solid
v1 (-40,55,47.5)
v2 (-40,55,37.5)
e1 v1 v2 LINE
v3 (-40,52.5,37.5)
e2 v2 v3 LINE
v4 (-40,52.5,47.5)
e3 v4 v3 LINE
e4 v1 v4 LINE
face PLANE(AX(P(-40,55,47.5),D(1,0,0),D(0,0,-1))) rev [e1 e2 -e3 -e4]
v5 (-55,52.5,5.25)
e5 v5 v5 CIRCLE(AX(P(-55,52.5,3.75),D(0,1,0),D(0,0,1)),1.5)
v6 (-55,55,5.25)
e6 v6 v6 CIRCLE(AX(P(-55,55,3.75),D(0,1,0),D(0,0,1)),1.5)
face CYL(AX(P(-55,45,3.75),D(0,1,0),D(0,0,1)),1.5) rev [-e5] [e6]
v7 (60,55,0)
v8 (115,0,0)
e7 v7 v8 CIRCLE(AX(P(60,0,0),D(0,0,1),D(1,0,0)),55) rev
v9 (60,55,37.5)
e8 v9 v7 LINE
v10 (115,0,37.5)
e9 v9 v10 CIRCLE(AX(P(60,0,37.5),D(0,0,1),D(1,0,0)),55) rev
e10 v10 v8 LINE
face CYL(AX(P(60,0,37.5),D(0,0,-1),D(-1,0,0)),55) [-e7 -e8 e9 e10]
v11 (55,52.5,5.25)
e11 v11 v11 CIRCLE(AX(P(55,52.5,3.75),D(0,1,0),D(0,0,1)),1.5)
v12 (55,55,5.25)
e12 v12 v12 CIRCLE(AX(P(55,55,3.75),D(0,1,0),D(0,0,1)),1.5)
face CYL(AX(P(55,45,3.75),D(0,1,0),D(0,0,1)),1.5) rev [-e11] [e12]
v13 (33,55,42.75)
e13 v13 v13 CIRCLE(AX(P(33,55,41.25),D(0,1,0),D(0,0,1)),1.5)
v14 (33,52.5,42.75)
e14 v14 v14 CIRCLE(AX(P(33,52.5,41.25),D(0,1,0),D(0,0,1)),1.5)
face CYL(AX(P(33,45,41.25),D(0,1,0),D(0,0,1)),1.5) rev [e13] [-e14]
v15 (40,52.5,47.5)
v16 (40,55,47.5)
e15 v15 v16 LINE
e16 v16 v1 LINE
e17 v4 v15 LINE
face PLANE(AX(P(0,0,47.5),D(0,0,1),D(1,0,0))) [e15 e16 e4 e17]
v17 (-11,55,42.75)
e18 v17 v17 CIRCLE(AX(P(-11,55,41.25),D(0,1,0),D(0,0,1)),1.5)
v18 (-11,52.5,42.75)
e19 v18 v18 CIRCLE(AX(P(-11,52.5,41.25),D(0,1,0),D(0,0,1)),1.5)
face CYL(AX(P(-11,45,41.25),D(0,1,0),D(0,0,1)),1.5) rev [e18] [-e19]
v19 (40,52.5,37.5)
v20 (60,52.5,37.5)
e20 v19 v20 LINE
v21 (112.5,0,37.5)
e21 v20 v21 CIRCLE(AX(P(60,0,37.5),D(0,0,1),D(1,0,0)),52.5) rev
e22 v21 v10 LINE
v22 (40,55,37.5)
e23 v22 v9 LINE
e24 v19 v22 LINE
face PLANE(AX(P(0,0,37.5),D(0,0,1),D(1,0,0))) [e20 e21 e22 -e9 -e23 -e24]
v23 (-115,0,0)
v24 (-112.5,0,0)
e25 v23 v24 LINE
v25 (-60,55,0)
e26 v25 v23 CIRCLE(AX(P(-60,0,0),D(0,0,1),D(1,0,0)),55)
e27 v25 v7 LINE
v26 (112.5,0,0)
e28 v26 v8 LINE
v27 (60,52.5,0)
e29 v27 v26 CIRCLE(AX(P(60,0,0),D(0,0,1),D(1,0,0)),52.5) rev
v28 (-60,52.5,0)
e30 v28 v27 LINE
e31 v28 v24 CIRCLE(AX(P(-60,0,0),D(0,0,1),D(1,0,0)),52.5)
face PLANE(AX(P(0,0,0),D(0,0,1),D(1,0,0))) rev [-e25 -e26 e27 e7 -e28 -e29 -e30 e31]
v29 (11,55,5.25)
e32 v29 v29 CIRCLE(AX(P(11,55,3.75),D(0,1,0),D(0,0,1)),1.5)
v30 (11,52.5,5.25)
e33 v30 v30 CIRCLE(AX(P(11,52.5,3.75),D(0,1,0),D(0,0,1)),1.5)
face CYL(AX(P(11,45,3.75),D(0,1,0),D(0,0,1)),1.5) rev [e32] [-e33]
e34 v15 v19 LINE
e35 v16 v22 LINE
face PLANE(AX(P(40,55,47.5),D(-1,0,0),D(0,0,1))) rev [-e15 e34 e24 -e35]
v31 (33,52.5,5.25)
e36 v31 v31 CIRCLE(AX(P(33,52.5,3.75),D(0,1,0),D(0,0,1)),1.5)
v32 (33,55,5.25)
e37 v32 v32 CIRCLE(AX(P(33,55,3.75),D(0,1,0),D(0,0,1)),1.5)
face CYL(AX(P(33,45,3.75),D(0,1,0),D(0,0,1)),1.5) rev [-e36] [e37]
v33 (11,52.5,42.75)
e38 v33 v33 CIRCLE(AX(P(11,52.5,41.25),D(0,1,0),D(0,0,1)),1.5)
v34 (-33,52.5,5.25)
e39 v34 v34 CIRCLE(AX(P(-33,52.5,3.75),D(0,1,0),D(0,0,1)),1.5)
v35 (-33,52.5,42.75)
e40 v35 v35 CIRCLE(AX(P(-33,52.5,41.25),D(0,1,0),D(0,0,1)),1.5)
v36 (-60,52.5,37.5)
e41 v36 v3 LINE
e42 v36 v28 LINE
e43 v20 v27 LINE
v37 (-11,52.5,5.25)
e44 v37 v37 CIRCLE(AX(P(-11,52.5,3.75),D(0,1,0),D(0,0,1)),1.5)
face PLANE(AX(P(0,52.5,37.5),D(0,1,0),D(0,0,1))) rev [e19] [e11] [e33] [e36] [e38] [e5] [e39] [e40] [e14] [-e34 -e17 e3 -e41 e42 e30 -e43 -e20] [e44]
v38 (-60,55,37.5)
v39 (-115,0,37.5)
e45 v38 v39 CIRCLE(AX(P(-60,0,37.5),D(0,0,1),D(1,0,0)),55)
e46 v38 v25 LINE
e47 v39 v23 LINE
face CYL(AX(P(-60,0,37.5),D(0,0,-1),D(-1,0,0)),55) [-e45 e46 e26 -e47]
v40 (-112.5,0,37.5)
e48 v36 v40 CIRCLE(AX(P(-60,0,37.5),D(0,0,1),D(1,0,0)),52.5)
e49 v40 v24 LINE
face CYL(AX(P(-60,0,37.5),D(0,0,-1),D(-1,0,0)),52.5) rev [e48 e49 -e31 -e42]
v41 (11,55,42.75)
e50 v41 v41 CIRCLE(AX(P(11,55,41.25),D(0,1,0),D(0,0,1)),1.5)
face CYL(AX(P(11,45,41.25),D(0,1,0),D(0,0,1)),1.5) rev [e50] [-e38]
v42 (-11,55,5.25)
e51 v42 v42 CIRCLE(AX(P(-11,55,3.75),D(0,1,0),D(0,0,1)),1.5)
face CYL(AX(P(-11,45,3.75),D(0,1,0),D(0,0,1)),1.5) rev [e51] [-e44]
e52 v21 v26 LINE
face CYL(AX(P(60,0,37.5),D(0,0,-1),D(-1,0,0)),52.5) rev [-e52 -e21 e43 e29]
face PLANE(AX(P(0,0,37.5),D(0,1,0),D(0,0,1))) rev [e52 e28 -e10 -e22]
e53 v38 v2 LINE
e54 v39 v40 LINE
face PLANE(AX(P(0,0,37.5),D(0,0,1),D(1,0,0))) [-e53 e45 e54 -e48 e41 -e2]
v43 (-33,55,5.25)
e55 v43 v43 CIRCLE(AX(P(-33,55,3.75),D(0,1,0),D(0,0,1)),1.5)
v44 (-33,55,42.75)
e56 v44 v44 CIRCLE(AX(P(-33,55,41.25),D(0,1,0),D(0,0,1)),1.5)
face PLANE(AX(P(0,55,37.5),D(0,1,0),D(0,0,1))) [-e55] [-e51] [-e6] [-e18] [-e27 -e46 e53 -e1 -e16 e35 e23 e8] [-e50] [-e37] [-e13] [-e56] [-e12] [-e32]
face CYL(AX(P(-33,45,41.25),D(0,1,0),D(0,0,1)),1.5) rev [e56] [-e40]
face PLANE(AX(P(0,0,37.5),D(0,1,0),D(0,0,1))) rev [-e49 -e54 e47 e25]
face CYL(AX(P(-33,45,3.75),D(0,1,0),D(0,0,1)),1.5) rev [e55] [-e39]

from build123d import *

# Parameters (mm, degrees)
BOSS_EXTRUDE2_DEPTH = 37.5
SKETCH2_W           = 80
SKETCH2_H           = 2.5
BOSS_EXTRUDE3_DEPTH = 10
SKETCH3_R           = 1.5
CUT_EXTRUDE1_DEPTH  = 10
SKETCH4_R           = 1.5
CUT_EXTRUDE2_DEPTH  = 10


with BuildPart() as part:
    # Sketch1 → Boss-Extrude2 (new body)
    with BuildSketch(Plane.XY):
        with BuildLine():
            ThreePointArc((-112.5, 0), (-97.123106012, 37.123106012), (-60, 52.5))
            Line((-60, 52.5), (60, 52.5))
            ThreePointArc((60, 52.5), (97.123106012, 37.123106012), (112.5, 0))
            Line((112.5, 0), (115, 0))
            ThreePointArc((115, 0), (98.890872965, 38.890872965), (60, 55))
            Line((60, 55), (-60, 55))
            ThreePointArc((-60, 55), (-98.890872965, 38.890872965), (-115, 0))
            Line((-115, 0), (-112.5, 0))
        make_face()
    extrude(amount=BOSS_EXTRUDE2_DEPTH)

    # Sketch2 → Boss-Extrude3 (add)
    with BuildSketch(Plane.XY.offset(37.5)):
        with Locations((0, 53.75)):
            Rectangle(SKETCH2_W, SKETCH2_H)
    extrude(amount=BOSS_EXTRUDE3_DEPTH)

    # Sketch3 → Cut-Extrude1 (cut)
    with BuildSketch(Plane(origin=(0, 55, 0), x_dir=(1, 0, 0), z_dir=(0, 1, 0))):
        with Locations(Location((-33, -41.25, 0), (0, 0, 270))):
            Circle(SKETCH3_R)
        with Locations(Location((-11, -41.25, 0), (0, 0, 270))):
            Circle(SKETCH3_R)
        with Locations(Location((11, -41.25, 0), (0, 0, 270))):
            Circle(SKETCH3_R)
        with Locations(Location((33, -41.25, 0), (0, 0, 270))):
            Circle(SKETCH3_R)
    extrude(amount=-CUT_EXTRUDE1_DEPTH, mode=Mode.SUBTRACT)

    # Sketch4 → Cut-Extrude2 (cut)
    with BuildSketch(Plane(origin=(0, 55, 0), x_dir=(1, 0, 0), z_dir=(0, 1, 0))):
        with Locations(Location((-55, -3.75, 0), (0, 0, 270))):
            Circle(SKETCH4_R)
        with Locations(Location((-33, -3.75, 0), (0, 0, 270))):
            Circle(SKETCH4_R)
        with Locations(Location((-11, -3.75, 0), (0, 0, 270))):
            Circle(SKETCH4_R)
        with Locations(Location((11, -3.75, 0), (0, 0, 270))):
            Circle(SKETCH4_R)
        with Locations(Location((33, -3.75, 0), (0, 0, 270))):
            Circle(SKETCH4_R)
        with Locations(Location((55, -3.75, 0), (0, 0, 270))):
            Circle(SKETCH4_R)
    extrude(amount=-CUT_EXTRUDE2_DEPTH, mode=Mode.SUBTRACT)


solid = part.part
